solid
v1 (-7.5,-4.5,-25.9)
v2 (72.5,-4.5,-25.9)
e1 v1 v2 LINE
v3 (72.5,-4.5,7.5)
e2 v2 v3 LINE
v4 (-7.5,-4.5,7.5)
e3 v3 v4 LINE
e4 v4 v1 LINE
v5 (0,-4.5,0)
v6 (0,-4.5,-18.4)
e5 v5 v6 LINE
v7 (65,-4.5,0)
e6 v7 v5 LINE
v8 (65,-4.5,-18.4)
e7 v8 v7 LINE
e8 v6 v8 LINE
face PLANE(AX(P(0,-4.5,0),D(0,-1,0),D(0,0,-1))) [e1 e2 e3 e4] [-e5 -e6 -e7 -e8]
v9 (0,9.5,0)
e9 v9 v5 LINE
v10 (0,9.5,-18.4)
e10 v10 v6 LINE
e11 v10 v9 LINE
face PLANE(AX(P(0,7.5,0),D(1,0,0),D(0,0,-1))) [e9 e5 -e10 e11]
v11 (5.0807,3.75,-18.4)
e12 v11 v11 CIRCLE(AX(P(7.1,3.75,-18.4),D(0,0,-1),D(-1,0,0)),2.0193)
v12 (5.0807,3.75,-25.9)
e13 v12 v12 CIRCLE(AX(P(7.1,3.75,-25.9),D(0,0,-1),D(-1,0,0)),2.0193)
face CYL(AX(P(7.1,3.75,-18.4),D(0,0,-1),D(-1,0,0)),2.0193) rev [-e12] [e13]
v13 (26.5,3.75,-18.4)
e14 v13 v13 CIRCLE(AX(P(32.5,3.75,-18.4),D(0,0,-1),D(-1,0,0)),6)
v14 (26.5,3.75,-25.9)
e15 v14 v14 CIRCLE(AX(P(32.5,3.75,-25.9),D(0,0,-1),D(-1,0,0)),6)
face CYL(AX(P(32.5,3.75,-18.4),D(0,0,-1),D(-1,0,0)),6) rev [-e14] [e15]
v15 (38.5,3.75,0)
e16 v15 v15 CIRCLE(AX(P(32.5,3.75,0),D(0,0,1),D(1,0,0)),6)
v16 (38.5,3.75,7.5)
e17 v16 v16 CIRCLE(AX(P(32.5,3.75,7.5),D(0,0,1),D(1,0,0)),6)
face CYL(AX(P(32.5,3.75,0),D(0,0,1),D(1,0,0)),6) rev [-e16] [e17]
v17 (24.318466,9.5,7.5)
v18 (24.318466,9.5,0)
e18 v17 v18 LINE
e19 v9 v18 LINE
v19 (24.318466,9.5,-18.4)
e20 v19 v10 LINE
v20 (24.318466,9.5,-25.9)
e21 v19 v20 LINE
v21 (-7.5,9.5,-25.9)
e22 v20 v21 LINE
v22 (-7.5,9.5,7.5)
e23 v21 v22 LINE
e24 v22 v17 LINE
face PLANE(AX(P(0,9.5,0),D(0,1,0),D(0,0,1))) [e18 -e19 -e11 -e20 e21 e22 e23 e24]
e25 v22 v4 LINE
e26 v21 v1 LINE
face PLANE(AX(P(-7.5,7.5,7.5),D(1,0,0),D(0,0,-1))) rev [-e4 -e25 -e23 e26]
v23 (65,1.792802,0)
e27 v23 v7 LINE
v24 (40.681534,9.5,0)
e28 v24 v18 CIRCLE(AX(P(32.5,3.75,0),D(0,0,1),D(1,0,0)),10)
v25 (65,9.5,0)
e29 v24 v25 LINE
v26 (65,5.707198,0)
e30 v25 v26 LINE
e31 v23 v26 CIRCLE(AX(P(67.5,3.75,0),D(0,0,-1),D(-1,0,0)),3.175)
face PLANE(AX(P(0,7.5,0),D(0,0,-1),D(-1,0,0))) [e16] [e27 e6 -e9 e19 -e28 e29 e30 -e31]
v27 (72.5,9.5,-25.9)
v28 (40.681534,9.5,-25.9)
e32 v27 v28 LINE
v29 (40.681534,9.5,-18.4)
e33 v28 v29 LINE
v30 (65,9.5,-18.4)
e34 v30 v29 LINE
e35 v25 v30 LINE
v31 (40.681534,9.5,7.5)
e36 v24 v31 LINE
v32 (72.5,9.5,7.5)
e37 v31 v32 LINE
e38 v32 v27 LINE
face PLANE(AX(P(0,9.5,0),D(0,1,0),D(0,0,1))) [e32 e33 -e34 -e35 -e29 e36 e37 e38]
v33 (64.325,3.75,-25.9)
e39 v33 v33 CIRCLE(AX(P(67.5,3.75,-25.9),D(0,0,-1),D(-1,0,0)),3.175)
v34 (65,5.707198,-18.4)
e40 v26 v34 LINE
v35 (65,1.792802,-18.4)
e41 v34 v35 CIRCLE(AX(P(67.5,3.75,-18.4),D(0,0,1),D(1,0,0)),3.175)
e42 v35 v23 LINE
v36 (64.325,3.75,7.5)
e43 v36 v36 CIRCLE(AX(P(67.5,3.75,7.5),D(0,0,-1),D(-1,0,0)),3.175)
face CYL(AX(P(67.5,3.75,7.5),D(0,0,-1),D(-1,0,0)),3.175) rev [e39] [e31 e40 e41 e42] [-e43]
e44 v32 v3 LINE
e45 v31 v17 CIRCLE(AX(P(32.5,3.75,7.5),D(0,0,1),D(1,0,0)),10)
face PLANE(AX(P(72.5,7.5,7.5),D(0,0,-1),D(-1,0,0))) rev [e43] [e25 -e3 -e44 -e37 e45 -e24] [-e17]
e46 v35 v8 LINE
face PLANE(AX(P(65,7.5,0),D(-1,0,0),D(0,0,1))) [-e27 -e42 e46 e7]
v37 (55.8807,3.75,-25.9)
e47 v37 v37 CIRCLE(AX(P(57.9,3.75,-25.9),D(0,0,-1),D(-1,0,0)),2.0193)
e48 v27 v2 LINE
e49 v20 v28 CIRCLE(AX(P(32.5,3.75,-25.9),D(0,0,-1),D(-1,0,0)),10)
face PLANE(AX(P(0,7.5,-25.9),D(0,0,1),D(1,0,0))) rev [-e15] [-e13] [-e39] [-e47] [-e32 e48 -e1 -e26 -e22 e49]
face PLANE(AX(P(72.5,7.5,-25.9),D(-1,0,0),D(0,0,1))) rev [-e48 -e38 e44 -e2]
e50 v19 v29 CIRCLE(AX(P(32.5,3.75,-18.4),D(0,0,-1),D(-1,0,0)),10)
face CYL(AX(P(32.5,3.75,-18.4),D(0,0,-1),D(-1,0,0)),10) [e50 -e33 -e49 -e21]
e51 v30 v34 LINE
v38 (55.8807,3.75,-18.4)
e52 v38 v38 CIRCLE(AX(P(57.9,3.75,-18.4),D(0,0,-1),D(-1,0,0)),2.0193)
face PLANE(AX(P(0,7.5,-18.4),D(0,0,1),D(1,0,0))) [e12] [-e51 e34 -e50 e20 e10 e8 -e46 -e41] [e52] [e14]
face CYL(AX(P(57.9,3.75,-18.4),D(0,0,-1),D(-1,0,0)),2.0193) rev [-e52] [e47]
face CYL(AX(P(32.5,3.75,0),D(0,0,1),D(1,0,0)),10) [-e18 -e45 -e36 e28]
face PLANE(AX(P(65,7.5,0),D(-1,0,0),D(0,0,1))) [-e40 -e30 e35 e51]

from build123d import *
from build123d.topology import SkipClean

# Parameters (mm, degrees)
SKETCH1_W           = 65
SKETCH1_H           = 18.4
BOSS_EXTRUDE1_DEPTH = 7.5
SKETCH2_R           = 10
BOSS_EXTRUDE2_DEPTH = 7.5
SKETCH3_R           = 6
CUT_EXTRUDE1_DEPTH  = 7.5
BOSS_EXTRUDE3_START = -7.5
SKETCH4_R           = 10
BOSS_EXTRUDE3_DEPTH = 7.5
CUT_EXTRUDE2_START  = -7.5
SKETCH5_R           = 6
CUT_EXTRUDE2_DEPTH  = 7.5
SKETCH6_R           = 2.0193
CUT_EXTRUDE3_DEPTH  = 7.5
CUT_EXTRUDE6_DEPTH  = 81.999212959
SKETCH1_4_W         = 65
SKETCH1_4_H         = 18.4
BOSS_EXTRUDE6_DEPTH = 6.5
SKETCH3_4_R         = 6
CUT_EXTRUDE7_DEPTH  = 81.999212959
SKETCH13_W          = 80
SKETCH13_H          = 33.4
CUT_EXTRUDE8_DEPTH  = 2
SKETCH14_W          = 80
SKETCH14_H          = 33.4
SKETCH14_W_2        = 65
SKETCH14_H_2        = 18.4
BOSS_EXTRUDE7_DEPTH = 2
SKETCH3_5_R         = 6
CUT_EXTRUDE9_DEPTH  = 81.999212959


with BuildPart() as part:
    # Sketch1 → Boss-Extrude1 (new body)
    with BuildSketch(Plane(origin=(0, 0, 0), x_dir=(1, 0, 0), z_dir=(0, 1, 0))):
        Polygon((0, 25.9), (72.5, 25.9), (72.5, -7.5), (-7.5, -7.5), (-7.5, 25.9), align=None)
        with Locations((32.5, 9.2)):
            Rectangle(SKETCH1_W, SKETCH1_H, mode=Mode.SUBTRACT)
    extrude(amount=BOSS_EXTRUDE1_DEPTH)

    # Sketch2 → Boss-Extrude2 (add)
    with BuildSketch(Plane.XY.offset(7.5)):
        with Locations((32.5, 3.75)):
            Circle(SKETCH2_R)
    extrude(amount=-BOSS_EXTRUDE2_DEPTH)

    # Sketch3 → Cut-Extrude1 (cut)
    with BuildSketch(Plane.XY.offset(7.5)):
        with Locations((32.5, 3.75)):
            Circle(SKETCH3_R)
    extrude(amount=-CUT_EXTRUDE1_DEPTH, mode=Mode.SUBTRACT)

    # Sketch4 → Boss-Extrude3 (add)
    with BuildSketch(Plane(origin=(0, 0, -25.9), x_dir=(-1, 0, 0), z_dir=(0, 0, -1)).offset(BOSS_EXTRUDE3_START)):
        with Locations((-32.5, 3.75)):
            Circle(SKETCH4_R)
    extrude(amount=BOSS_EXTRUDE3_DEPTH)

    # Sketch5 → Cut-Extrude2 (cut)
    with BuildSketch(Plane(origin=(0, 0, -25.9), x_dir=(-1, 0, 0), z_dir=(0, 0, -1)).offset(CUT_EXTRUDE2_START)):
        with Locations((-32.5, 3.75)):
            Circle(SKETCH5_R)
    extrude(amount=CUT_EXTRUDE2_DEPTH, mode=Mode.SUBTRACT)

    # Sketch6 → Cut-Extrude3 (cut)
    with BuildSketch(Plane(origin=(0, 0, -25.9), x_dir=(-1, 0, 0), z_dir=(0, 0, -1))):
        with Locations((-7.1, 3.75)):
            Circle(SKETCH6_R)
        with Locations((-57.9, 3.75)):
            Circle(SKETCH6_R)
    extrude(amount=-CUT_EXTRUDE3_DEPTH, mode=Mode.SUBTRACT)

    # Sketch11 → Cut-Extrude6 (cut, through all)
    with BuildSketch(Plane(origin=(0, 0, -25.9), x_dir=(-1, 0, 0), z_dir=(0, 0, -1))):
        with BuildLine():
            ThreePointArc((-70.675, 3.75), (-67.5, 0.575), (-64.325, 3.75))
            ThreePointArc((-64.325, 3.75), (-67.5, 6.925), (-70.675, 3.75))
        make_face()
    extrude(amount=-CUT_EXTRUDE6_DEPTH, mode=Mode.SUBTRACT)

    # Sketch1<4> → Boss-Extrude6 (add)
    with BuildSketch(Plane(origin=(0, 0, 0), x_dir=(1, 0, 0), z_dir=(0, 1, 0))):
        Polygon((0, 25.9), (72.5, 25.9), (72.5, -7.5), (-7.5, -7.5), (-7.5, 25.9), align=None)
        with Locations((32.5, 9.2)):
            Rectangle(SKETCH1_4_W, SKETCH1_4_H, mode=Mode.SUBTRACT)
    extrude(amount=-BOSS_EXTRUDE6_DEPTH)

    # Sketch3<4> → Cut-Extrude7 (cut, through all)
    with BuildSketch(Plane.XY.offset(7.5)):
        with Locations((32.5, 3.75)):
            Circle(SKETCH3_4_R)
    extrude(amount=-CUT_EXTRUDE7_DEPTH, mode=Mode.SUBTRACT)

    # Sketch13 → Cut-Extrude8 (cut)
    with BuildSketch(Plane.XZ.offset(6.5)):
        with Locations((32.5, -9.2)):
            Rectangle(SKETCH13_W, SKETCH13_H)
    extrude(amount=-CUT_EXTRUDE8_DEPTH, mode=Mode.SUBTRACT)

    # Sketch14 → Boss-Extrude7 (add)
    with BuildSketch(Plane(origin=(0, 7.5, 0), x_dir=(1, 0, 0), z_dir=(0, 1, 0))):
        with Locations((32.5, 9.2)):
            Rectangle(SKETCH14_W, SKETCH14_H)
        with Locations((32.5, 9.2)):
            Rectangle(SKETCH14_W_2, SKETCH14_H_2, mode=Mode.SUBTRACT)
    extrude(amount=BOSS_EXTRUDE7_DEPTH)

    # Sketch3<5> → Cut-Extrude9 (cut, through all)
    with SkipClean():  # the faces are left unmerged after this step: merging them gives an invalid solid
        with BuildSketch(Plane.XY.offset(7.5)):
            with Locations((32.5, 3.75)):
                Circle(SKETCH3_5_R)
        extrude(amount=-CUT_EXTRUDE9_DEPTH, mode=Mode.SUBTRACT)


solid = part.part
